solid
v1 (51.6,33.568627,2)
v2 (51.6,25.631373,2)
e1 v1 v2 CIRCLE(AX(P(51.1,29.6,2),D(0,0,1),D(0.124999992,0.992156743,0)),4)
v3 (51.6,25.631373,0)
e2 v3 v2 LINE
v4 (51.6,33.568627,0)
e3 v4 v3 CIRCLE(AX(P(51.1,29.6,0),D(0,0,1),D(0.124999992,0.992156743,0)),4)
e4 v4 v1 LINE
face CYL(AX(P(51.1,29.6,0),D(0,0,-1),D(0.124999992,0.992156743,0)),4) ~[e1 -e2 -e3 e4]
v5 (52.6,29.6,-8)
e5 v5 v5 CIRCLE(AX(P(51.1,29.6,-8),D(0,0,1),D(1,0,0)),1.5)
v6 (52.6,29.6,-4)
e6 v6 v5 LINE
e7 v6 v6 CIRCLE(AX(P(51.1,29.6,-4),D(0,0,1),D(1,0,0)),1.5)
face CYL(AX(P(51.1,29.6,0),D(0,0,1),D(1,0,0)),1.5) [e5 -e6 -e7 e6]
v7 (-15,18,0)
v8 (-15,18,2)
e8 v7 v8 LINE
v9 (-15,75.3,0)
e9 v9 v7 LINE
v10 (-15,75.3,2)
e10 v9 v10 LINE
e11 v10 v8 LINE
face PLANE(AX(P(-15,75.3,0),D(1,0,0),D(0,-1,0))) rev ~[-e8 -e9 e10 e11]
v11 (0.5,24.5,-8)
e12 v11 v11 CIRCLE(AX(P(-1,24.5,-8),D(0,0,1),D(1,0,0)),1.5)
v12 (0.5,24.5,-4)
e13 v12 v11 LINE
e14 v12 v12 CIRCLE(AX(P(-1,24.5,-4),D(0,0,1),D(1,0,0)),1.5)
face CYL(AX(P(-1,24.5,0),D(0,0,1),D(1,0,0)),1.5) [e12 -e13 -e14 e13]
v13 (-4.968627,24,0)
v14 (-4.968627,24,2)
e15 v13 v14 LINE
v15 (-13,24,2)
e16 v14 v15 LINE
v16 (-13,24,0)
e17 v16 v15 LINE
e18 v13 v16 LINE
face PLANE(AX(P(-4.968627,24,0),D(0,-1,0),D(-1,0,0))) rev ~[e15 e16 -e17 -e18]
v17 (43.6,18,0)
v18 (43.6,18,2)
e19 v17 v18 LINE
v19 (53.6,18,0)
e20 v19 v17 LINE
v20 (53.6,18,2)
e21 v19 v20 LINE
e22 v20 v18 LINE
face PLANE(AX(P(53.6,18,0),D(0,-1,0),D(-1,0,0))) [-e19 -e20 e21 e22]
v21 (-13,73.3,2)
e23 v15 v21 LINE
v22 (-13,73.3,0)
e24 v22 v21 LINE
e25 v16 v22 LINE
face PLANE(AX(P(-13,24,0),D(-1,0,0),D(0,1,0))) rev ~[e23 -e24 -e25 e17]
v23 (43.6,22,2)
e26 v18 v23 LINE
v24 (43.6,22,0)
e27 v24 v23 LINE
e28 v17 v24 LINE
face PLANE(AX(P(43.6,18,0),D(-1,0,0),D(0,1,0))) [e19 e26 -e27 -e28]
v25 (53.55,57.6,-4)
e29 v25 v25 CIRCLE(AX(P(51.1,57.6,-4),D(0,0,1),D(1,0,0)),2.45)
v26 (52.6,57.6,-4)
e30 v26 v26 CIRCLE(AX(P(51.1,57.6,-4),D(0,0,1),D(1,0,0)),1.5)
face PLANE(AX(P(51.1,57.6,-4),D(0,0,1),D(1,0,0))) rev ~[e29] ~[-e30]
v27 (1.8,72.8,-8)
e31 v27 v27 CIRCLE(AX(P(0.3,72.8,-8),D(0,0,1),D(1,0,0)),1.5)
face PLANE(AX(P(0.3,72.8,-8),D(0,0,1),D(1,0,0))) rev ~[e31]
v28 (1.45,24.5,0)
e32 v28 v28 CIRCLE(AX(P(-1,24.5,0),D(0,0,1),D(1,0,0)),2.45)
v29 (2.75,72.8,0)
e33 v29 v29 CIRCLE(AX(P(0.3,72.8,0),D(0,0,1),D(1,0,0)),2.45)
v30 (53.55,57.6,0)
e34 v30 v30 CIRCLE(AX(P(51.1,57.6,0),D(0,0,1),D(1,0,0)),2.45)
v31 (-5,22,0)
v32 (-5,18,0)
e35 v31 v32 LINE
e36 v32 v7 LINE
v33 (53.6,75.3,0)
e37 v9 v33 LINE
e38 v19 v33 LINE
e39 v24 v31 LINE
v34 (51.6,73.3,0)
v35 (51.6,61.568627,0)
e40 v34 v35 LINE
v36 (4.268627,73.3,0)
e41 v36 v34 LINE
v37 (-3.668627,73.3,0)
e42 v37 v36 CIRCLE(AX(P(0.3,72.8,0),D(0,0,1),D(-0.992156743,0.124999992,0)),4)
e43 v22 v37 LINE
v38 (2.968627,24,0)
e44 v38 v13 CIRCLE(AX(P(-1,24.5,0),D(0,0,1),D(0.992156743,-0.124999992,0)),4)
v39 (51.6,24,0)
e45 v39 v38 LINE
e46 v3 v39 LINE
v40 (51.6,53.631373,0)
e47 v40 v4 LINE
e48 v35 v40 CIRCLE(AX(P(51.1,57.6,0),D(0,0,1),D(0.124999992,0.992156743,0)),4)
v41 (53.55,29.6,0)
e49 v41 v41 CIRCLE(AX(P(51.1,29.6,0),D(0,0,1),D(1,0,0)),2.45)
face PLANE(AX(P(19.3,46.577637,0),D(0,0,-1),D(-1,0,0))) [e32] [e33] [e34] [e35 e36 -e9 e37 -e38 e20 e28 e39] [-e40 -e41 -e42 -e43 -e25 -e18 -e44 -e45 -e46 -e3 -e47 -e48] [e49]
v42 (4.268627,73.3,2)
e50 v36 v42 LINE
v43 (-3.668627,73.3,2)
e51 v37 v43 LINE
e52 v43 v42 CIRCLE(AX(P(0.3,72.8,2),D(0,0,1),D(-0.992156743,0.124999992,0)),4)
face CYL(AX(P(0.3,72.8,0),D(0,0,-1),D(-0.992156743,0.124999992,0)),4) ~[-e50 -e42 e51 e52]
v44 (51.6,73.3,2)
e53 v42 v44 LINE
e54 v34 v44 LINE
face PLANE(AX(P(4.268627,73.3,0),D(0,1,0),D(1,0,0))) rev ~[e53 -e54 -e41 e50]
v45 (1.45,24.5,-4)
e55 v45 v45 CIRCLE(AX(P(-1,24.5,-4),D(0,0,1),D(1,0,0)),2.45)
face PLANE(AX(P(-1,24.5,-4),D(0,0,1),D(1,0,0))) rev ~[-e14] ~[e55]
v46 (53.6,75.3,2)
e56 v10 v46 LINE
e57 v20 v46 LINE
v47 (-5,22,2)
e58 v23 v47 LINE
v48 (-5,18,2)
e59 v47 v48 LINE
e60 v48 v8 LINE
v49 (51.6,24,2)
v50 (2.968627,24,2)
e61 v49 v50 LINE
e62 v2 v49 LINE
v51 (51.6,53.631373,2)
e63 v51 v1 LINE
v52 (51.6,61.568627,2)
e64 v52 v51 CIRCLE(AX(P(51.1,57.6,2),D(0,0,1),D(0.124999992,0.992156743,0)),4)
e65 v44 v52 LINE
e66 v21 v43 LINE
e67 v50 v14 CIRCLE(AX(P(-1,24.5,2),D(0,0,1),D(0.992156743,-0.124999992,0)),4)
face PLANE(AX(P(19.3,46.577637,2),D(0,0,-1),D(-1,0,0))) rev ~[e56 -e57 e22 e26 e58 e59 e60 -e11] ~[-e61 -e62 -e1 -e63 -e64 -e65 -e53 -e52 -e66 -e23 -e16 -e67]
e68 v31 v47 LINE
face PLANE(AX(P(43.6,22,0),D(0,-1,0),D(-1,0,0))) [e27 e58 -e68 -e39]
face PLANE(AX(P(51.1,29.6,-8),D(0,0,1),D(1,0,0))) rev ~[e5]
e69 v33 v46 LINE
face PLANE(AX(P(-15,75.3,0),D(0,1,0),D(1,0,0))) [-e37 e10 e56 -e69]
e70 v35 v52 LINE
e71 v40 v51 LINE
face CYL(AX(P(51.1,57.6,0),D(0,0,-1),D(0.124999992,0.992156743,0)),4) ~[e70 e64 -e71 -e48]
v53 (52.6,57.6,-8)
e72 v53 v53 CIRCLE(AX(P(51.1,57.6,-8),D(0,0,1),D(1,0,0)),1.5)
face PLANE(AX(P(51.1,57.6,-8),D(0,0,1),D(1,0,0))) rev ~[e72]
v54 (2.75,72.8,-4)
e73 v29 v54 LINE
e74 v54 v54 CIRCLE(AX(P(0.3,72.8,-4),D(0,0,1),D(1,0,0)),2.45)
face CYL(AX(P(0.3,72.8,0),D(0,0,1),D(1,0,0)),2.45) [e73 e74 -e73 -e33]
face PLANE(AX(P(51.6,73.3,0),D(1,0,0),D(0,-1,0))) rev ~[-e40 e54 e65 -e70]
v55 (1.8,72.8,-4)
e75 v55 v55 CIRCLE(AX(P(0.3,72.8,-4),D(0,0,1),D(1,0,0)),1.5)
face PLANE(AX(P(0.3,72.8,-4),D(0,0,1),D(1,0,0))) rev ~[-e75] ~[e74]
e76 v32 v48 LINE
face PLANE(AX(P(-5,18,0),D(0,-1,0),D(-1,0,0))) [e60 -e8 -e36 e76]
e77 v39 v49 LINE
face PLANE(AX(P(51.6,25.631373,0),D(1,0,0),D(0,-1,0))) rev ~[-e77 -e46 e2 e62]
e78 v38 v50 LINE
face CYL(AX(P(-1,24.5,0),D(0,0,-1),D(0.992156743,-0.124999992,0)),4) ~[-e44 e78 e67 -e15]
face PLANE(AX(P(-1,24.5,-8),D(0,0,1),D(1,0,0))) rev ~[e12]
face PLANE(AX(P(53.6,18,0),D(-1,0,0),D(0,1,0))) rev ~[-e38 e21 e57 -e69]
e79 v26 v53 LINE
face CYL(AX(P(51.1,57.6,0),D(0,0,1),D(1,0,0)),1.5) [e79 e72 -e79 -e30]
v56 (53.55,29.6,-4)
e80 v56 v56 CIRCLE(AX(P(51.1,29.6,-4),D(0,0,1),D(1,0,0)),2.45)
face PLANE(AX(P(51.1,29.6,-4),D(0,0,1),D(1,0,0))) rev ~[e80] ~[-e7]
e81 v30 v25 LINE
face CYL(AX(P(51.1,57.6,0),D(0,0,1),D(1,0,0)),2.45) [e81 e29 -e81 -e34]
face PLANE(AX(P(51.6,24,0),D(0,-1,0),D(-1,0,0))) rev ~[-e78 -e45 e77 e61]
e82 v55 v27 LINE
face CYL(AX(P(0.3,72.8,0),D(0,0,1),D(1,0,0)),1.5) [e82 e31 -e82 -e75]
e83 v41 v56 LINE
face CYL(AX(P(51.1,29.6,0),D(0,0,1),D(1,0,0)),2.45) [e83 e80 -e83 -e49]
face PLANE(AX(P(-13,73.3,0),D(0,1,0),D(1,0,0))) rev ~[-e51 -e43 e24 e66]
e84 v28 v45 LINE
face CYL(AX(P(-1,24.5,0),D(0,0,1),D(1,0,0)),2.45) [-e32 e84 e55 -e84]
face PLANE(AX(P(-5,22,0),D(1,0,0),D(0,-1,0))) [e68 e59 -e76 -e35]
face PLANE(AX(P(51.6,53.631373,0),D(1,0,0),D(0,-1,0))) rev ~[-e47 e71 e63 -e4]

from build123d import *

# Parameters (mm, degrees)
PAD003_DEPTH = 2
SKETCH014_R  = 1.5
PAD005_DEPTH = 8
SKETCH015_R  = 2.45
PAD006_DEPTH = 4


with BuildPart() as part:
    # Sketch012 → Pad003 (new body)
    with BuildSketch(Plane.XY):
        Polygon((-15, 75.3), (53.6, 75.3), (53.6, 24.12132), (53.6, 18), (43.6, 18), (43.6, 22), (-5, 22), (-5, 18), (-15, 18), (-15, 22), align=None)
        with BuildLine():
            Line((-13, 73.3), (-3.668627, 73.3))
            ThreePointArc((-3.668627, 73.3), (0.3, 68.8), (4.268627, 73.3))
            Line((4.268627, 73.3), (51.6, 73.3))
            Line((51.6, 73.3), (51.6, 61.568627))
            ThreePointArc((51.6, 61.568627), (47.1, 57.6), (51.6, 53.631373))
            Line((51.6, 53.631373), (51.6, 33.568627))
            ThreePointArc((51.6, 33.568627), (47.1, 29.6), (51.6, 25.631373))
            Line((51.6, 25.631373), (51.6, 24))
            Line((51.6, 24), (2.968627, 24))
            ThreePointArc((2.968627, 24), (-1, 28.5), (-4.968627, 24))
            Line((-4.968627, 24), (-13, 24))
            Line((-13, 24), (-13, 73.3))
        make_face(mode=Mode.SUBTRACT)
    extrude(amount=PAD003_DEPTH)

    # Sketch014 → Pad005 (join)
    with BuildSketch(Plane.XY):
        with Locations((0.3, 72.8)):
            Circle(SKETCH014_R)
        with Locations((51.1, 57.6)):
            Circle(SKETCH014_R)
        with Locations((51.1, 29.6)):
            Circle(SKETCH014_R)
        with Locations((-1, 24.5)):
            Circle(SKETCH014_R)
    extrude(amount=-PAD005_DEPTH)

    # Sketch015 → Pad006 (join)
    with BuildSketch(Plane.XY):
        with Locations((0.3, 72.8)):
            Circle(SKETCH015_R)
        with Locations((51.1, 57.6)):
            Circle(SKETCH015_R)
        with Locations((51.1, 29.6)):
            Circle(SKETCH015_R)
        with Locations((-1, 24.5)):
            Circle(SKETCH015_R)
    extrude(amount=-PAD006_DEPTH)


solid = part.part
